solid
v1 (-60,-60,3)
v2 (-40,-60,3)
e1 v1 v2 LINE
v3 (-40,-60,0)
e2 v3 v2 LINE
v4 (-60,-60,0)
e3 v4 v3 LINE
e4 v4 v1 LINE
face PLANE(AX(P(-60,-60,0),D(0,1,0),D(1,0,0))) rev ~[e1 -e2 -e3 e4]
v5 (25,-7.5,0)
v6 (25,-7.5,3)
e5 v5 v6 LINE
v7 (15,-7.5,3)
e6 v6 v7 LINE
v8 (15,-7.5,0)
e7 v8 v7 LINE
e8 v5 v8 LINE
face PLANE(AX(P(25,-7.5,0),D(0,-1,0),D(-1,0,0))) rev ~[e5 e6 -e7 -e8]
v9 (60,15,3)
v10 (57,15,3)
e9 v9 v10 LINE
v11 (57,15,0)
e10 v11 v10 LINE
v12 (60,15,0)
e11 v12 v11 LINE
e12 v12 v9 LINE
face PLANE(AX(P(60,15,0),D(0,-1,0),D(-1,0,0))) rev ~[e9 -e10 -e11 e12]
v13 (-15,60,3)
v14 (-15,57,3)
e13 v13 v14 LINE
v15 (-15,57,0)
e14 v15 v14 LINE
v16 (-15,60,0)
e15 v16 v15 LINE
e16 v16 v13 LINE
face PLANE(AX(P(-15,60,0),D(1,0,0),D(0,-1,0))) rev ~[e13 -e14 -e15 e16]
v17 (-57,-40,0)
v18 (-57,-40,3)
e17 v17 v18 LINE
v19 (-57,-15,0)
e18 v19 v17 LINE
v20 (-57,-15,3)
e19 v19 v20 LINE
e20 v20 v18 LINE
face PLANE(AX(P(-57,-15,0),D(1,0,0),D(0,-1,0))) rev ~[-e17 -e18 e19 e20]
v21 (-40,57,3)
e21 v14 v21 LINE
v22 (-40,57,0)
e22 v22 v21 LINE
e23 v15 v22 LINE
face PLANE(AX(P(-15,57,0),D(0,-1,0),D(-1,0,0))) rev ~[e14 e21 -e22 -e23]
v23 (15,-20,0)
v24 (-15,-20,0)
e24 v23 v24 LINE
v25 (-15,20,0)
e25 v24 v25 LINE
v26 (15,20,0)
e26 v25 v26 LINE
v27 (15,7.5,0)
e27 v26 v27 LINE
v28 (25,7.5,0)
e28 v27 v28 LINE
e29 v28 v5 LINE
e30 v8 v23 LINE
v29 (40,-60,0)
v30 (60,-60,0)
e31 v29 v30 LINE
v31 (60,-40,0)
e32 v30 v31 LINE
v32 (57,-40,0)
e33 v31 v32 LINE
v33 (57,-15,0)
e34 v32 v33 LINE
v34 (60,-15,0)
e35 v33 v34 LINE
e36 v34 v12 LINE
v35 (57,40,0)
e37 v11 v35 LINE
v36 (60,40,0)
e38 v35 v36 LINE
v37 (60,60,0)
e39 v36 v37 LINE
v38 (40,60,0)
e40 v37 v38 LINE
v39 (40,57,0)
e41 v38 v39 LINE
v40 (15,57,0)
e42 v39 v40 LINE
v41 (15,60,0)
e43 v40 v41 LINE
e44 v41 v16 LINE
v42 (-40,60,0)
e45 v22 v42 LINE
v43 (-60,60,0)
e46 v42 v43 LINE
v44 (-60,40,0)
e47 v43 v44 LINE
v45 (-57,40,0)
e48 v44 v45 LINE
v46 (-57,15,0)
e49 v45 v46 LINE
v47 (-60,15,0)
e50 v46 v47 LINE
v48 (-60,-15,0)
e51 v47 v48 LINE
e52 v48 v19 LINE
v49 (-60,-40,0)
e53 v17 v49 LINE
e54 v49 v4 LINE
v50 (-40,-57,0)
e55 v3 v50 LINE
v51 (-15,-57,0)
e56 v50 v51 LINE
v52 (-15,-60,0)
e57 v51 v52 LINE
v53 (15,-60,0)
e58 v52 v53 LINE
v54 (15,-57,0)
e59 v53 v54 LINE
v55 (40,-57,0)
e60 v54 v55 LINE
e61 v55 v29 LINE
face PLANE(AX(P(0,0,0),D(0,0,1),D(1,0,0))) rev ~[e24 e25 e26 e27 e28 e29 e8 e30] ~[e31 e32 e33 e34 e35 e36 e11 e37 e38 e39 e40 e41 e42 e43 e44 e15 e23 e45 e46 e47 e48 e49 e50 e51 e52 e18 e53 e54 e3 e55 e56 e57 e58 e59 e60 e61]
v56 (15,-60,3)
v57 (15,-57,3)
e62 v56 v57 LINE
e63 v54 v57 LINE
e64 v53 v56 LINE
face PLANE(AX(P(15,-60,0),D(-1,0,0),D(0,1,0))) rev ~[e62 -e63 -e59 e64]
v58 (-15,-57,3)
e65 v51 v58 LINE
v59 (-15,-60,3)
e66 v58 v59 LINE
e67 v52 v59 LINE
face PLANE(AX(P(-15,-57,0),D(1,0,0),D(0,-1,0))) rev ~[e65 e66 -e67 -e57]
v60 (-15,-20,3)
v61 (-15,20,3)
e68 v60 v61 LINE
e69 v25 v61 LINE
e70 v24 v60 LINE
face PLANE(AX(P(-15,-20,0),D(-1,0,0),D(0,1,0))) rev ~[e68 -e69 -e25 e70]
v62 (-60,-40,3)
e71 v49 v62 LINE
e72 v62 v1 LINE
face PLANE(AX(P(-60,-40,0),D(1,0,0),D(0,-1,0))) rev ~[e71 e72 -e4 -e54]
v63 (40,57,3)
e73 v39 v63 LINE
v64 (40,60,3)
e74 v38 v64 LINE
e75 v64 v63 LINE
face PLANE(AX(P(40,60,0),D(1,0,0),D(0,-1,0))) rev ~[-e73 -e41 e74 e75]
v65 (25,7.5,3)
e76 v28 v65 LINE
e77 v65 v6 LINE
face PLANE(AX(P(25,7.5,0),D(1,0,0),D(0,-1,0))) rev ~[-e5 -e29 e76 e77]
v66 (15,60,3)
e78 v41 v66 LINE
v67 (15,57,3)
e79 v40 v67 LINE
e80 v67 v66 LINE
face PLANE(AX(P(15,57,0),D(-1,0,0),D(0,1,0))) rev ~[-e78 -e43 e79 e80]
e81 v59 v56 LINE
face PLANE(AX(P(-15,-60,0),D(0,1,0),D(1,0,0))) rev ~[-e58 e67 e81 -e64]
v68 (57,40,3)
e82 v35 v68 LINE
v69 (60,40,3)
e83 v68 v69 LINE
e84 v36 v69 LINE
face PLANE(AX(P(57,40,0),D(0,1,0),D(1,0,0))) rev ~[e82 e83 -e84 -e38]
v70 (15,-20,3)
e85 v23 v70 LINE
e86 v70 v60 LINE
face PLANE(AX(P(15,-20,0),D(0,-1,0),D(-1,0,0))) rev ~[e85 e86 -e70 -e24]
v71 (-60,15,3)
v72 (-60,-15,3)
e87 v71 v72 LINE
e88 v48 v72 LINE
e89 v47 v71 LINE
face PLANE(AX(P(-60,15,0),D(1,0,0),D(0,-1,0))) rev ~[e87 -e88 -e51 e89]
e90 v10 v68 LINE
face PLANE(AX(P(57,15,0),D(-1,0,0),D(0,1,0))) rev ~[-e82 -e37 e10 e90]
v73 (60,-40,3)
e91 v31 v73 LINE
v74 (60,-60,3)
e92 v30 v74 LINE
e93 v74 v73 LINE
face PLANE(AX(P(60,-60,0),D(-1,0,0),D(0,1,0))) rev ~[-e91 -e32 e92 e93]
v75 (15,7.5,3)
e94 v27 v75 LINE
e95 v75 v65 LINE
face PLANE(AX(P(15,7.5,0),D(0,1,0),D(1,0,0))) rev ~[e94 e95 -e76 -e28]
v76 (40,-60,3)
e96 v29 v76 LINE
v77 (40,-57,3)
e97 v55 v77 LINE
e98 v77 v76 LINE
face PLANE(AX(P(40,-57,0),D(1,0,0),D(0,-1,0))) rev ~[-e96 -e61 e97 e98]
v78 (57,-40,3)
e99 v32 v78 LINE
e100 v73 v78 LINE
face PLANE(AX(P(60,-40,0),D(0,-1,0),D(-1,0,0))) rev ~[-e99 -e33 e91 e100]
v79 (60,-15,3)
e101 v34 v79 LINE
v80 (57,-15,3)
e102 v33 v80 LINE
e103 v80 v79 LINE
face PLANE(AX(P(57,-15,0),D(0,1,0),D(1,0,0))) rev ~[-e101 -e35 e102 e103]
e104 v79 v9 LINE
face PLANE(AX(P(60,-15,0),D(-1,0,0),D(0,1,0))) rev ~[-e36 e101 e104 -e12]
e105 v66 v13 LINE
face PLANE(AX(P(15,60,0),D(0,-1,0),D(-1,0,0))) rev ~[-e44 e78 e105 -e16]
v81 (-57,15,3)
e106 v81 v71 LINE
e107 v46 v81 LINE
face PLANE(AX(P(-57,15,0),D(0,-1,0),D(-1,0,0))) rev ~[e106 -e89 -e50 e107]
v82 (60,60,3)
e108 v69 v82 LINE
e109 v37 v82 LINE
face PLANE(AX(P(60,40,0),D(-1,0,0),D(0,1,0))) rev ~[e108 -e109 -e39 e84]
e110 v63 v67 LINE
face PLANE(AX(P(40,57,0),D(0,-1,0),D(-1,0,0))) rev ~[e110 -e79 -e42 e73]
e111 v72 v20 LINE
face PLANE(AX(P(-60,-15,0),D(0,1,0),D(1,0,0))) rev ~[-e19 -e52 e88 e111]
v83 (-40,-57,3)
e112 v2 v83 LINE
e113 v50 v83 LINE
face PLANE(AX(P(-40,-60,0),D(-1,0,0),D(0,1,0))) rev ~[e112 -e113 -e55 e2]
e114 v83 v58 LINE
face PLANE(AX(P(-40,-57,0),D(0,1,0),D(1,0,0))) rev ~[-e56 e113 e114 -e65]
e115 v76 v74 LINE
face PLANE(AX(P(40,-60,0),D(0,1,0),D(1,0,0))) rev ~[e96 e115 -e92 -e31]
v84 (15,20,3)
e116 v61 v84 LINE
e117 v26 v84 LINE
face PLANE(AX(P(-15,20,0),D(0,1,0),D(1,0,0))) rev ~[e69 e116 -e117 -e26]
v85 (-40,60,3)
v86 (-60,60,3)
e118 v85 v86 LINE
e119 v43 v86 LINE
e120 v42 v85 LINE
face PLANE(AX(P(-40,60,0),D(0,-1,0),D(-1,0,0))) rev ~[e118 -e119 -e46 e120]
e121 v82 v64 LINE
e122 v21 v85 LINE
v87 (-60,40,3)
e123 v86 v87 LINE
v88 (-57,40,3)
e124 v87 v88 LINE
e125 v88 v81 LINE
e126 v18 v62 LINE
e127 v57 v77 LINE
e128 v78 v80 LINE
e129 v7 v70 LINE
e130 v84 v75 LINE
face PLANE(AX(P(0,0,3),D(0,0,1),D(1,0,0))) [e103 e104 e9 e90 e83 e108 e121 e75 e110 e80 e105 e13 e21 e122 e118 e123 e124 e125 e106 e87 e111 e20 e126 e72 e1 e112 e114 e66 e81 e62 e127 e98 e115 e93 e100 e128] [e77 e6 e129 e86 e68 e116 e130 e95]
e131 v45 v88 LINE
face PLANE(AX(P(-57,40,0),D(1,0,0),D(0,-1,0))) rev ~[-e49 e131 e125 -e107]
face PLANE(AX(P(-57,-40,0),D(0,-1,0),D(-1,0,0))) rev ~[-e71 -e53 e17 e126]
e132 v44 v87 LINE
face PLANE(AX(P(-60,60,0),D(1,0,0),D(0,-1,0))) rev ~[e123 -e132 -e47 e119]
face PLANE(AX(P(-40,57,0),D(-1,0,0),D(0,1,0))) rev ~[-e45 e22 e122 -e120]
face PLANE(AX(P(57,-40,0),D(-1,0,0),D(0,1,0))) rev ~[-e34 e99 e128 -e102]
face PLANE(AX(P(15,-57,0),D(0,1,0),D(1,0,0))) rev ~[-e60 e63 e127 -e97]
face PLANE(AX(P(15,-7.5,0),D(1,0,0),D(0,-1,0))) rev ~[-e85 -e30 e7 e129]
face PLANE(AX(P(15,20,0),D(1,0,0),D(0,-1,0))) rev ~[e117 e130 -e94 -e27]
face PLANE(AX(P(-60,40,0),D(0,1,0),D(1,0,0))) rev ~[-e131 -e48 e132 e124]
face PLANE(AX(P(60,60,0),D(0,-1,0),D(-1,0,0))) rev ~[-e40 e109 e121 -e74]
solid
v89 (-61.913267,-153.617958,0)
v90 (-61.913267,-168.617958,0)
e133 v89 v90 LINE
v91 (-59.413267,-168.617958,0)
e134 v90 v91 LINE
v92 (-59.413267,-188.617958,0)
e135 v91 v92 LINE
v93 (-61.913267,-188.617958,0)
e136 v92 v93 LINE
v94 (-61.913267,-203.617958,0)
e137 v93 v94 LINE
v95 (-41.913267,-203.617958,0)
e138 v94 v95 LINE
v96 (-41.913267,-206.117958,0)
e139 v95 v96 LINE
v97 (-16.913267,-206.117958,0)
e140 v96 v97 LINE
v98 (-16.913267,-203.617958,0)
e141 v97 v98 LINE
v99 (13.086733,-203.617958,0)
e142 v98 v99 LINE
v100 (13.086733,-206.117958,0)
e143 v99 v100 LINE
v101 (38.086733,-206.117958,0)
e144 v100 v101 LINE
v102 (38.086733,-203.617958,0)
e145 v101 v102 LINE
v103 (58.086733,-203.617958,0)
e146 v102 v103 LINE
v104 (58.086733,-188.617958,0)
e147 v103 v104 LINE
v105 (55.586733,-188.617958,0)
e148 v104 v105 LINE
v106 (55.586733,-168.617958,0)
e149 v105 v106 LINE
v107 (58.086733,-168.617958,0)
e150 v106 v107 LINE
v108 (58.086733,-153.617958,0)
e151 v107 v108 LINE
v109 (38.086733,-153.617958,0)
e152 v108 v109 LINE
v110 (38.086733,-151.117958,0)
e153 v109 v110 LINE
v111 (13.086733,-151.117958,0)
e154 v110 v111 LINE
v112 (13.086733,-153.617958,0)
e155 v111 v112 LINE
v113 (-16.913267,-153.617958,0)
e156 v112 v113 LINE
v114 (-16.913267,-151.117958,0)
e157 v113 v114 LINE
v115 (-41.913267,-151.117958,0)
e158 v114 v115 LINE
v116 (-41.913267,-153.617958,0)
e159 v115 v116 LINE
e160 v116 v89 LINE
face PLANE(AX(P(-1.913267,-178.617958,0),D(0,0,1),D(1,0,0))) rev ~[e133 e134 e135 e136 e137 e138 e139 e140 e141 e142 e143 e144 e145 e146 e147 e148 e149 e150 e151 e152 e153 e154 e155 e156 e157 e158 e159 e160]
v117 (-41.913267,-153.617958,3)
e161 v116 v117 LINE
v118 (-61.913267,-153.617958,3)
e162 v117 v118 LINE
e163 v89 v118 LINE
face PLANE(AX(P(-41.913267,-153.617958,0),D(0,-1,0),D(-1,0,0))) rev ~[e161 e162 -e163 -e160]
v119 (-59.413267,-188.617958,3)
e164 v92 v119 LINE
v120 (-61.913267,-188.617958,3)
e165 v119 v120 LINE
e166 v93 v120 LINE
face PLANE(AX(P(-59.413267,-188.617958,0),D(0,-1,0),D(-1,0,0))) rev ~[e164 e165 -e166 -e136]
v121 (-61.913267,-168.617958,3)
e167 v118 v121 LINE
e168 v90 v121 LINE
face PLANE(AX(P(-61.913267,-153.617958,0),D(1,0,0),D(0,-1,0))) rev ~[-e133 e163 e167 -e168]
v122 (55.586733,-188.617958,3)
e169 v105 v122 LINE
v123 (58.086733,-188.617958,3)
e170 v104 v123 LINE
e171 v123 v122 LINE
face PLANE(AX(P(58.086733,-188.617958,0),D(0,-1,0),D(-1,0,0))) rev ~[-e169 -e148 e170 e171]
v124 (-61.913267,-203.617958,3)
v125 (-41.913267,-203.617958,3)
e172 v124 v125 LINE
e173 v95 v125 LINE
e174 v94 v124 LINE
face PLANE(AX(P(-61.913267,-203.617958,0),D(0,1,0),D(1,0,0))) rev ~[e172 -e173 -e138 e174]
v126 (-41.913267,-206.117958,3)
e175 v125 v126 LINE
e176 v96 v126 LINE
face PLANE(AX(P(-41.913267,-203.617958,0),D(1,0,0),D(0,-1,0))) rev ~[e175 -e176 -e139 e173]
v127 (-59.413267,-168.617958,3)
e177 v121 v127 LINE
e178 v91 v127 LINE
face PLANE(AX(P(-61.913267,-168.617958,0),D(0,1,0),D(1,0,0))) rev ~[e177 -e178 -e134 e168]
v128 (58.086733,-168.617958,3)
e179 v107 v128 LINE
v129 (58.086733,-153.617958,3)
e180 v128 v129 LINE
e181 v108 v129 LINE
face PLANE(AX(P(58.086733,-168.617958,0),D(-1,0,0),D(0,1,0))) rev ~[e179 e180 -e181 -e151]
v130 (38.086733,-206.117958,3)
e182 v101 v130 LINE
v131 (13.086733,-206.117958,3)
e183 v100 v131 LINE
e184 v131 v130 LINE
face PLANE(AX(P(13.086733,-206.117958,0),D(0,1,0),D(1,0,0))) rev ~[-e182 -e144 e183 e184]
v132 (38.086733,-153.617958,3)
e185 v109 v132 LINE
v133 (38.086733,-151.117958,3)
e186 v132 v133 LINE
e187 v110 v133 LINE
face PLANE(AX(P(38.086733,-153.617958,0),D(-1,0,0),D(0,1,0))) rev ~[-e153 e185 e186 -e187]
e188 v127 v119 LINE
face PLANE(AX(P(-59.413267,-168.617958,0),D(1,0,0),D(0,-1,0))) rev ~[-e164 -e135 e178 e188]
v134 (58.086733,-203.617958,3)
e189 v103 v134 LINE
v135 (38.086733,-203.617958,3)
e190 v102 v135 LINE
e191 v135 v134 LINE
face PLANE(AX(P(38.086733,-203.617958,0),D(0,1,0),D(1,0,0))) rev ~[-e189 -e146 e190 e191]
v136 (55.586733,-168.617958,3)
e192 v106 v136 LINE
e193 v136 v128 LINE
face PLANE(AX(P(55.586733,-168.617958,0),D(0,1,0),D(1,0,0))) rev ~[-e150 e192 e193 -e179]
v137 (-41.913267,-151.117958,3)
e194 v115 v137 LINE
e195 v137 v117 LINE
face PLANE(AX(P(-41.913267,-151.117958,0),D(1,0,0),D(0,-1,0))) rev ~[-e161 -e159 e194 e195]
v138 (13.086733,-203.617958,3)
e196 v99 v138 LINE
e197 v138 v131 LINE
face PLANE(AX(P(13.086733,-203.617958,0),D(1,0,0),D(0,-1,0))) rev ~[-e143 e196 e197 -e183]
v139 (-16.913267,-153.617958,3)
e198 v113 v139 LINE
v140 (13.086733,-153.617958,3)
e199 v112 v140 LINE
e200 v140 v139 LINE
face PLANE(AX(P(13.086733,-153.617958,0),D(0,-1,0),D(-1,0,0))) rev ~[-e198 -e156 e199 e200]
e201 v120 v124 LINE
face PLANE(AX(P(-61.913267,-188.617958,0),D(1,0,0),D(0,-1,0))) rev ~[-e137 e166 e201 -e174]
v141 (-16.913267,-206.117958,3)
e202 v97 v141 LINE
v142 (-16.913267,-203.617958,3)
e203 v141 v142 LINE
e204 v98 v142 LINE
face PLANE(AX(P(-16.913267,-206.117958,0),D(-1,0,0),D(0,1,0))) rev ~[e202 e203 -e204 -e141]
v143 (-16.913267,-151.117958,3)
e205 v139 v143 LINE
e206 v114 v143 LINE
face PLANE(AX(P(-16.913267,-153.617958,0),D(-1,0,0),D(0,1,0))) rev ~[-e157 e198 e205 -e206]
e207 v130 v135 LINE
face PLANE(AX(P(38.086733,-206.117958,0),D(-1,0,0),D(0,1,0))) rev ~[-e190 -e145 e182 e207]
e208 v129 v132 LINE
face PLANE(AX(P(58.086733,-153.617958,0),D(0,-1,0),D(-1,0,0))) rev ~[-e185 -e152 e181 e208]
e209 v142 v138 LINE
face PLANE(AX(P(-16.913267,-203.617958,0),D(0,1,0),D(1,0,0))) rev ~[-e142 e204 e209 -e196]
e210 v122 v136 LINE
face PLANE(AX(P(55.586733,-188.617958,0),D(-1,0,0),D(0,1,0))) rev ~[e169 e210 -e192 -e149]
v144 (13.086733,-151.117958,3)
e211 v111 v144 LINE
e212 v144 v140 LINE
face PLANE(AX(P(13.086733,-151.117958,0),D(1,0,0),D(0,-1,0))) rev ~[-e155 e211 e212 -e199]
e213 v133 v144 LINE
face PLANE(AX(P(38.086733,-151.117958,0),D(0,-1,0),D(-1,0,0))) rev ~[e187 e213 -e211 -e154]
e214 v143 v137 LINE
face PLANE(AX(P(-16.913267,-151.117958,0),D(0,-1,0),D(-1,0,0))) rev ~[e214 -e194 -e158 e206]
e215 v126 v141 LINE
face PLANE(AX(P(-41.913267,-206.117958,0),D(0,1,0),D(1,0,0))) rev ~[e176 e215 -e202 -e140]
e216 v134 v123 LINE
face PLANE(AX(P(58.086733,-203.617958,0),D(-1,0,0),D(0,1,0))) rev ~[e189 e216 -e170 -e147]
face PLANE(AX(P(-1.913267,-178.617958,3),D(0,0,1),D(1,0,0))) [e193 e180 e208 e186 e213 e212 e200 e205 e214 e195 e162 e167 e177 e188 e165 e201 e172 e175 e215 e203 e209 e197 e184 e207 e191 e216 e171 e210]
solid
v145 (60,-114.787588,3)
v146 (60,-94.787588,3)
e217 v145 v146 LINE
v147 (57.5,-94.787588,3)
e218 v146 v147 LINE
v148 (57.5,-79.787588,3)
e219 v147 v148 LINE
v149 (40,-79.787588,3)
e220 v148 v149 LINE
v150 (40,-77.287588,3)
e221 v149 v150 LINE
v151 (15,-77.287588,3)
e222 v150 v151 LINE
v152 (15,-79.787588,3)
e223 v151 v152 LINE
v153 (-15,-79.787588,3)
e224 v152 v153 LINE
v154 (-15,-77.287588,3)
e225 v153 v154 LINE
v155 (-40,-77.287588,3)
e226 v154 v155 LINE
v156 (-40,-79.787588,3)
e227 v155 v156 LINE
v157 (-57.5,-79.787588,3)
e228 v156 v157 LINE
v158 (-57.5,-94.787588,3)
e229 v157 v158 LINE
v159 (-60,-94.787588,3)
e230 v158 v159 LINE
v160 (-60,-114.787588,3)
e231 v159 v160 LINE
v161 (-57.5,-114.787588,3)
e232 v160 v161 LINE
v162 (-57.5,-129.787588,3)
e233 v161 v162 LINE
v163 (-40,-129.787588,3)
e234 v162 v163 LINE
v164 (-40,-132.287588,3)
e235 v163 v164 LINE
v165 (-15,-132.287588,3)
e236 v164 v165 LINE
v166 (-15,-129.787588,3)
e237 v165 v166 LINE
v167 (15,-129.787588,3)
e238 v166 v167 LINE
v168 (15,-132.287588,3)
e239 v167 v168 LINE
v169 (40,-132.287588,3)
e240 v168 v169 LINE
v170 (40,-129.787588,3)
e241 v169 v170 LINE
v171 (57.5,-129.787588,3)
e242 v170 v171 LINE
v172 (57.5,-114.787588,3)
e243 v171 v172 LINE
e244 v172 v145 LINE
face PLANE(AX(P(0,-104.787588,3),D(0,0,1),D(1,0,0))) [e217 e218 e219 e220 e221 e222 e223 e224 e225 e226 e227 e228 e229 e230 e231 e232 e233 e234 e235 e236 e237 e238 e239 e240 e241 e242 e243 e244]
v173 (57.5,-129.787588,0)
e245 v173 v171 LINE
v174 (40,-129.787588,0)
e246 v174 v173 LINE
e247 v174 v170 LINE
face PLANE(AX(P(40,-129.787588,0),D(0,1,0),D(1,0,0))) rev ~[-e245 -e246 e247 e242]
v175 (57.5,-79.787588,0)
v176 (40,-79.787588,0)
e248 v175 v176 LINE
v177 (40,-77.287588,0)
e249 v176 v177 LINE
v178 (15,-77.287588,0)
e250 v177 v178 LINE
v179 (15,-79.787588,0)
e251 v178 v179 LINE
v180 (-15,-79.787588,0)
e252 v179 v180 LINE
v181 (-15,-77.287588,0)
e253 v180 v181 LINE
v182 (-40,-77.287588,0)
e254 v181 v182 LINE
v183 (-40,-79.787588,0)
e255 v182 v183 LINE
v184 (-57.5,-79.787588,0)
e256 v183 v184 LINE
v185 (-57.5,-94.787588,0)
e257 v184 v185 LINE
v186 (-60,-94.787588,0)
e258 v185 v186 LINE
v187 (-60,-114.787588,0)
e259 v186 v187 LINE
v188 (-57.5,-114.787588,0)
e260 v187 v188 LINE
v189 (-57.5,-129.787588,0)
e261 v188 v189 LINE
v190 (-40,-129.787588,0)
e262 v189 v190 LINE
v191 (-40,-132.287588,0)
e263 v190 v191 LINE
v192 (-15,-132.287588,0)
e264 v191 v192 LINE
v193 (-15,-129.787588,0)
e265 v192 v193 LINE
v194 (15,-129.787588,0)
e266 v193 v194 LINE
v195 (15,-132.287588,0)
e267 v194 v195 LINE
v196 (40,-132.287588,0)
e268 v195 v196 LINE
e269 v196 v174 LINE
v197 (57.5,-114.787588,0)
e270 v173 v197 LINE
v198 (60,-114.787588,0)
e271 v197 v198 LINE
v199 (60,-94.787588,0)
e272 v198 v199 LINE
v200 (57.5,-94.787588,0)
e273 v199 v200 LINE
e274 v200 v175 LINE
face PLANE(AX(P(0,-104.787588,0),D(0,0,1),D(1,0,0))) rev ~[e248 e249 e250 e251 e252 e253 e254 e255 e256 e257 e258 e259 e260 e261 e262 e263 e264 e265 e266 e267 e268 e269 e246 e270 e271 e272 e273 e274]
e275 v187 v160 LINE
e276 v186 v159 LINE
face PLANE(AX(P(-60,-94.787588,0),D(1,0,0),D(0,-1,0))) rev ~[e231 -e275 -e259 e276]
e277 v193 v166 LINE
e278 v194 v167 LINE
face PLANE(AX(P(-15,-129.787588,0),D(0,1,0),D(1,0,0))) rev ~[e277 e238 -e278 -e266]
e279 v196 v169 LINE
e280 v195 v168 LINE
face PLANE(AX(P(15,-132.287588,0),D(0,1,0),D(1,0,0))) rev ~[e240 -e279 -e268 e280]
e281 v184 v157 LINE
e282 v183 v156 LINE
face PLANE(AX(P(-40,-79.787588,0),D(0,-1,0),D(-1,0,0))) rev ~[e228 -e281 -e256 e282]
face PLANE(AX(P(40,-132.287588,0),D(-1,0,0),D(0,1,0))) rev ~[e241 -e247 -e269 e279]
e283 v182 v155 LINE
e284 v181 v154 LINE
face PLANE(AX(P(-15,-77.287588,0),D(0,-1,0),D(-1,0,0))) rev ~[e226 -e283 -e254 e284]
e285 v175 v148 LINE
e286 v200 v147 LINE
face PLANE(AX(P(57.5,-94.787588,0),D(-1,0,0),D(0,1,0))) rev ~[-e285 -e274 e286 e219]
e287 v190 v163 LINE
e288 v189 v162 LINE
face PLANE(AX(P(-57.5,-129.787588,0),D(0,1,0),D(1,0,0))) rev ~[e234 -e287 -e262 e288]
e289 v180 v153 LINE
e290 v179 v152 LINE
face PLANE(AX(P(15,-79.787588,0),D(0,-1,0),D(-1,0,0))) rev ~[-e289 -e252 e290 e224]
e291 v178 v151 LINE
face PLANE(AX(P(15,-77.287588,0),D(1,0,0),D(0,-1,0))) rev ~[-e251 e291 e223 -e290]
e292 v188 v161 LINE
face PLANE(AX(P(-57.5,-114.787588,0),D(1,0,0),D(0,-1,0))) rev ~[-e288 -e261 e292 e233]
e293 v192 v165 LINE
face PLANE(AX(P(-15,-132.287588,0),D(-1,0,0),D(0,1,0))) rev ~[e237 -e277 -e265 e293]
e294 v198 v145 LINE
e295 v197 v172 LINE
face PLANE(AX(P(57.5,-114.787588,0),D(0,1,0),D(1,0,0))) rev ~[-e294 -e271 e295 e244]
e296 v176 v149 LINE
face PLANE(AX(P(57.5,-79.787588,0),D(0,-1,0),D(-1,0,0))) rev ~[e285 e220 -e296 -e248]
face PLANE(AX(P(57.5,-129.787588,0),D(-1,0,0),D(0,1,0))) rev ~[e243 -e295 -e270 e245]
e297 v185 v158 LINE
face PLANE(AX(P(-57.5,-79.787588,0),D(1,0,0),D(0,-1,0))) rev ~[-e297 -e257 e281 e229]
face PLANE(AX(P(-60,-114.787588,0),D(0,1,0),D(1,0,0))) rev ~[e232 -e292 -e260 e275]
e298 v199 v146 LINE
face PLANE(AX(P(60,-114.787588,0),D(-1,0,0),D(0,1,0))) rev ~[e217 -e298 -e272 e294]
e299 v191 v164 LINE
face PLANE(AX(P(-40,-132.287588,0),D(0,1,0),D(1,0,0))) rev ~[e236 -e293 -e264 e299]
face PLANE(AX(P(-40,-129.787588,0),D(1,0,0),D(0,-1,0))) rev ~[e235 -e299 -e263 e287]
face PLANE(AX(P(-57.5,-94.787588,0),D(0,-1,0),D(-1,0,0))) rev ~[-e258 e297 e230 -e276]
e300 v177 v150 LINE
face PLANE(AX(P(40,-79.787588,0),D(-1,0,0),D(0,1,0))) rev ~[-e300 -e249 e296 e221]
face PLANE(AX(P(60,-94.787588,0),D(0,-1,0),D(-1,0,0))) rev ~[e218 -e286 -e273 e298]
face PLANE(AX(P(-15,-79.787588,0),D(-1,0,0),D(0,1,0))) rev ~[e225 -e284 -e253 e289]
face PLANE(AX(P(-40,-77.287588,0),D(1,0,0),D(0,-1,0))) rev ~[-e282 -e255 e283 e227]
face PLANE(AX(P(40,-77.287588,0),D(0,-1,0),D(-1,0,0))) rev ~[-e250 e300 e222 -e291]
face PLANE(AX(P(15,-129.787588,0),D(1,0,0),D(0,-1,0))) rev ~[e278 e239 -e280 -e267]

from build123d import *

# Parameters (mm, degrees)
F1_DEPTH = 3
F3_DEPTH = 3


with BuildPart() as f1:
    # F0 (on Top) → F1 (new body)
    with BuildSketch(Plane.XY):
        Polygon((-60, -40), (-60, -60), (-40, -60), (-40, -57), (-15, -57), (-15, -60), (15, -60), (15, -57), (40, -57), (40, -60), (60, -60), (60, -40), (57, -40), (57, -15), (60, -15), (60, 15), (57, 15), (57, 40), (60, 40), (60, 60), (40, 60), (40, 57), (15, 57), (15, 60), (-15, 60), (-15, 57), (-40, 57), (-40, 60), (-60, 60), (-60, 40), (-57, 40), (-57, 15), (-60, 15), (-60, -15), (-57, -15), (-57, -40), align=None)
        Polygon((15, -20), (-15, -20), (-15, 20), (15, 20), (15, 7.5), (25, 7.5), (25, -7.5), (15, -7.5), align=None, mode=Mode.SUBTRACT)
    extrude(amount=F1_DEPTH)


with BuildPart() as f3:
    # F2 (on Top) → F3 (new body)
    with BuildSketch(Plane.XY):
        Polygon((-40, -129.787588), (-40, -132.287588), (-15, -132.287588), (-15, -129.787588), (15, -129.787588), (15, -132.287588), (40, -132.287588), (40, -129.787588), (57.5, -129.787588), (57.5, -114.787588), (60, -114.787588), (60, -94.787588), (57.5, -94.787588), (57.5, -79.787588), (40, -79.787588), (40, -77.287588), (15, -77.287588), (15, -79.787588), (-15, -79.787588), (-15, -77.287588), (-40, -77.287588), (-40, -79.787588), (-57.5, -79.787588), (-57.5, -94.787588), (-60, -94.787588), (-60, -114.787588), (-57.5, -114.787588), (-57.5, -129.787588), align=None)
        Polygon((-16.913267, -151.117958), (-41.913267, -151.117958), (-41.913267, -153.617958), (-61.913267, -153.617958), (-61.913267, -168.617958), (-59.413267, -168.617958), (-59.413267, -188.617958), (-61.913267, -188.617958), (-61.913267, -203.617958), (-41.913267, -203.617958), (-41.913267, -206.117958), (-16.913267, -206.117958), (-16.913267, -203.617958), (13.086733, -203.617958), (13.086733, -206.117958), (38.086733, -206.117958), (38.086733, -203.617958), (58.086733, -203.617958), (58.086733, -188.617958), (55.586733, -188.617958), (55.586733, -168.617958), (58.086733, -168.617958), (58.086733, -153.617958), (38.086733, -153.617958), (38.086733, -151.117958), (13.086733, -151.117958), (13.086733, -153.617958), (-16.913267, -153.617958), align=None)
    extrude(amount=F3_DEPTH)


solid = Compound([f1.part, f3.part])
